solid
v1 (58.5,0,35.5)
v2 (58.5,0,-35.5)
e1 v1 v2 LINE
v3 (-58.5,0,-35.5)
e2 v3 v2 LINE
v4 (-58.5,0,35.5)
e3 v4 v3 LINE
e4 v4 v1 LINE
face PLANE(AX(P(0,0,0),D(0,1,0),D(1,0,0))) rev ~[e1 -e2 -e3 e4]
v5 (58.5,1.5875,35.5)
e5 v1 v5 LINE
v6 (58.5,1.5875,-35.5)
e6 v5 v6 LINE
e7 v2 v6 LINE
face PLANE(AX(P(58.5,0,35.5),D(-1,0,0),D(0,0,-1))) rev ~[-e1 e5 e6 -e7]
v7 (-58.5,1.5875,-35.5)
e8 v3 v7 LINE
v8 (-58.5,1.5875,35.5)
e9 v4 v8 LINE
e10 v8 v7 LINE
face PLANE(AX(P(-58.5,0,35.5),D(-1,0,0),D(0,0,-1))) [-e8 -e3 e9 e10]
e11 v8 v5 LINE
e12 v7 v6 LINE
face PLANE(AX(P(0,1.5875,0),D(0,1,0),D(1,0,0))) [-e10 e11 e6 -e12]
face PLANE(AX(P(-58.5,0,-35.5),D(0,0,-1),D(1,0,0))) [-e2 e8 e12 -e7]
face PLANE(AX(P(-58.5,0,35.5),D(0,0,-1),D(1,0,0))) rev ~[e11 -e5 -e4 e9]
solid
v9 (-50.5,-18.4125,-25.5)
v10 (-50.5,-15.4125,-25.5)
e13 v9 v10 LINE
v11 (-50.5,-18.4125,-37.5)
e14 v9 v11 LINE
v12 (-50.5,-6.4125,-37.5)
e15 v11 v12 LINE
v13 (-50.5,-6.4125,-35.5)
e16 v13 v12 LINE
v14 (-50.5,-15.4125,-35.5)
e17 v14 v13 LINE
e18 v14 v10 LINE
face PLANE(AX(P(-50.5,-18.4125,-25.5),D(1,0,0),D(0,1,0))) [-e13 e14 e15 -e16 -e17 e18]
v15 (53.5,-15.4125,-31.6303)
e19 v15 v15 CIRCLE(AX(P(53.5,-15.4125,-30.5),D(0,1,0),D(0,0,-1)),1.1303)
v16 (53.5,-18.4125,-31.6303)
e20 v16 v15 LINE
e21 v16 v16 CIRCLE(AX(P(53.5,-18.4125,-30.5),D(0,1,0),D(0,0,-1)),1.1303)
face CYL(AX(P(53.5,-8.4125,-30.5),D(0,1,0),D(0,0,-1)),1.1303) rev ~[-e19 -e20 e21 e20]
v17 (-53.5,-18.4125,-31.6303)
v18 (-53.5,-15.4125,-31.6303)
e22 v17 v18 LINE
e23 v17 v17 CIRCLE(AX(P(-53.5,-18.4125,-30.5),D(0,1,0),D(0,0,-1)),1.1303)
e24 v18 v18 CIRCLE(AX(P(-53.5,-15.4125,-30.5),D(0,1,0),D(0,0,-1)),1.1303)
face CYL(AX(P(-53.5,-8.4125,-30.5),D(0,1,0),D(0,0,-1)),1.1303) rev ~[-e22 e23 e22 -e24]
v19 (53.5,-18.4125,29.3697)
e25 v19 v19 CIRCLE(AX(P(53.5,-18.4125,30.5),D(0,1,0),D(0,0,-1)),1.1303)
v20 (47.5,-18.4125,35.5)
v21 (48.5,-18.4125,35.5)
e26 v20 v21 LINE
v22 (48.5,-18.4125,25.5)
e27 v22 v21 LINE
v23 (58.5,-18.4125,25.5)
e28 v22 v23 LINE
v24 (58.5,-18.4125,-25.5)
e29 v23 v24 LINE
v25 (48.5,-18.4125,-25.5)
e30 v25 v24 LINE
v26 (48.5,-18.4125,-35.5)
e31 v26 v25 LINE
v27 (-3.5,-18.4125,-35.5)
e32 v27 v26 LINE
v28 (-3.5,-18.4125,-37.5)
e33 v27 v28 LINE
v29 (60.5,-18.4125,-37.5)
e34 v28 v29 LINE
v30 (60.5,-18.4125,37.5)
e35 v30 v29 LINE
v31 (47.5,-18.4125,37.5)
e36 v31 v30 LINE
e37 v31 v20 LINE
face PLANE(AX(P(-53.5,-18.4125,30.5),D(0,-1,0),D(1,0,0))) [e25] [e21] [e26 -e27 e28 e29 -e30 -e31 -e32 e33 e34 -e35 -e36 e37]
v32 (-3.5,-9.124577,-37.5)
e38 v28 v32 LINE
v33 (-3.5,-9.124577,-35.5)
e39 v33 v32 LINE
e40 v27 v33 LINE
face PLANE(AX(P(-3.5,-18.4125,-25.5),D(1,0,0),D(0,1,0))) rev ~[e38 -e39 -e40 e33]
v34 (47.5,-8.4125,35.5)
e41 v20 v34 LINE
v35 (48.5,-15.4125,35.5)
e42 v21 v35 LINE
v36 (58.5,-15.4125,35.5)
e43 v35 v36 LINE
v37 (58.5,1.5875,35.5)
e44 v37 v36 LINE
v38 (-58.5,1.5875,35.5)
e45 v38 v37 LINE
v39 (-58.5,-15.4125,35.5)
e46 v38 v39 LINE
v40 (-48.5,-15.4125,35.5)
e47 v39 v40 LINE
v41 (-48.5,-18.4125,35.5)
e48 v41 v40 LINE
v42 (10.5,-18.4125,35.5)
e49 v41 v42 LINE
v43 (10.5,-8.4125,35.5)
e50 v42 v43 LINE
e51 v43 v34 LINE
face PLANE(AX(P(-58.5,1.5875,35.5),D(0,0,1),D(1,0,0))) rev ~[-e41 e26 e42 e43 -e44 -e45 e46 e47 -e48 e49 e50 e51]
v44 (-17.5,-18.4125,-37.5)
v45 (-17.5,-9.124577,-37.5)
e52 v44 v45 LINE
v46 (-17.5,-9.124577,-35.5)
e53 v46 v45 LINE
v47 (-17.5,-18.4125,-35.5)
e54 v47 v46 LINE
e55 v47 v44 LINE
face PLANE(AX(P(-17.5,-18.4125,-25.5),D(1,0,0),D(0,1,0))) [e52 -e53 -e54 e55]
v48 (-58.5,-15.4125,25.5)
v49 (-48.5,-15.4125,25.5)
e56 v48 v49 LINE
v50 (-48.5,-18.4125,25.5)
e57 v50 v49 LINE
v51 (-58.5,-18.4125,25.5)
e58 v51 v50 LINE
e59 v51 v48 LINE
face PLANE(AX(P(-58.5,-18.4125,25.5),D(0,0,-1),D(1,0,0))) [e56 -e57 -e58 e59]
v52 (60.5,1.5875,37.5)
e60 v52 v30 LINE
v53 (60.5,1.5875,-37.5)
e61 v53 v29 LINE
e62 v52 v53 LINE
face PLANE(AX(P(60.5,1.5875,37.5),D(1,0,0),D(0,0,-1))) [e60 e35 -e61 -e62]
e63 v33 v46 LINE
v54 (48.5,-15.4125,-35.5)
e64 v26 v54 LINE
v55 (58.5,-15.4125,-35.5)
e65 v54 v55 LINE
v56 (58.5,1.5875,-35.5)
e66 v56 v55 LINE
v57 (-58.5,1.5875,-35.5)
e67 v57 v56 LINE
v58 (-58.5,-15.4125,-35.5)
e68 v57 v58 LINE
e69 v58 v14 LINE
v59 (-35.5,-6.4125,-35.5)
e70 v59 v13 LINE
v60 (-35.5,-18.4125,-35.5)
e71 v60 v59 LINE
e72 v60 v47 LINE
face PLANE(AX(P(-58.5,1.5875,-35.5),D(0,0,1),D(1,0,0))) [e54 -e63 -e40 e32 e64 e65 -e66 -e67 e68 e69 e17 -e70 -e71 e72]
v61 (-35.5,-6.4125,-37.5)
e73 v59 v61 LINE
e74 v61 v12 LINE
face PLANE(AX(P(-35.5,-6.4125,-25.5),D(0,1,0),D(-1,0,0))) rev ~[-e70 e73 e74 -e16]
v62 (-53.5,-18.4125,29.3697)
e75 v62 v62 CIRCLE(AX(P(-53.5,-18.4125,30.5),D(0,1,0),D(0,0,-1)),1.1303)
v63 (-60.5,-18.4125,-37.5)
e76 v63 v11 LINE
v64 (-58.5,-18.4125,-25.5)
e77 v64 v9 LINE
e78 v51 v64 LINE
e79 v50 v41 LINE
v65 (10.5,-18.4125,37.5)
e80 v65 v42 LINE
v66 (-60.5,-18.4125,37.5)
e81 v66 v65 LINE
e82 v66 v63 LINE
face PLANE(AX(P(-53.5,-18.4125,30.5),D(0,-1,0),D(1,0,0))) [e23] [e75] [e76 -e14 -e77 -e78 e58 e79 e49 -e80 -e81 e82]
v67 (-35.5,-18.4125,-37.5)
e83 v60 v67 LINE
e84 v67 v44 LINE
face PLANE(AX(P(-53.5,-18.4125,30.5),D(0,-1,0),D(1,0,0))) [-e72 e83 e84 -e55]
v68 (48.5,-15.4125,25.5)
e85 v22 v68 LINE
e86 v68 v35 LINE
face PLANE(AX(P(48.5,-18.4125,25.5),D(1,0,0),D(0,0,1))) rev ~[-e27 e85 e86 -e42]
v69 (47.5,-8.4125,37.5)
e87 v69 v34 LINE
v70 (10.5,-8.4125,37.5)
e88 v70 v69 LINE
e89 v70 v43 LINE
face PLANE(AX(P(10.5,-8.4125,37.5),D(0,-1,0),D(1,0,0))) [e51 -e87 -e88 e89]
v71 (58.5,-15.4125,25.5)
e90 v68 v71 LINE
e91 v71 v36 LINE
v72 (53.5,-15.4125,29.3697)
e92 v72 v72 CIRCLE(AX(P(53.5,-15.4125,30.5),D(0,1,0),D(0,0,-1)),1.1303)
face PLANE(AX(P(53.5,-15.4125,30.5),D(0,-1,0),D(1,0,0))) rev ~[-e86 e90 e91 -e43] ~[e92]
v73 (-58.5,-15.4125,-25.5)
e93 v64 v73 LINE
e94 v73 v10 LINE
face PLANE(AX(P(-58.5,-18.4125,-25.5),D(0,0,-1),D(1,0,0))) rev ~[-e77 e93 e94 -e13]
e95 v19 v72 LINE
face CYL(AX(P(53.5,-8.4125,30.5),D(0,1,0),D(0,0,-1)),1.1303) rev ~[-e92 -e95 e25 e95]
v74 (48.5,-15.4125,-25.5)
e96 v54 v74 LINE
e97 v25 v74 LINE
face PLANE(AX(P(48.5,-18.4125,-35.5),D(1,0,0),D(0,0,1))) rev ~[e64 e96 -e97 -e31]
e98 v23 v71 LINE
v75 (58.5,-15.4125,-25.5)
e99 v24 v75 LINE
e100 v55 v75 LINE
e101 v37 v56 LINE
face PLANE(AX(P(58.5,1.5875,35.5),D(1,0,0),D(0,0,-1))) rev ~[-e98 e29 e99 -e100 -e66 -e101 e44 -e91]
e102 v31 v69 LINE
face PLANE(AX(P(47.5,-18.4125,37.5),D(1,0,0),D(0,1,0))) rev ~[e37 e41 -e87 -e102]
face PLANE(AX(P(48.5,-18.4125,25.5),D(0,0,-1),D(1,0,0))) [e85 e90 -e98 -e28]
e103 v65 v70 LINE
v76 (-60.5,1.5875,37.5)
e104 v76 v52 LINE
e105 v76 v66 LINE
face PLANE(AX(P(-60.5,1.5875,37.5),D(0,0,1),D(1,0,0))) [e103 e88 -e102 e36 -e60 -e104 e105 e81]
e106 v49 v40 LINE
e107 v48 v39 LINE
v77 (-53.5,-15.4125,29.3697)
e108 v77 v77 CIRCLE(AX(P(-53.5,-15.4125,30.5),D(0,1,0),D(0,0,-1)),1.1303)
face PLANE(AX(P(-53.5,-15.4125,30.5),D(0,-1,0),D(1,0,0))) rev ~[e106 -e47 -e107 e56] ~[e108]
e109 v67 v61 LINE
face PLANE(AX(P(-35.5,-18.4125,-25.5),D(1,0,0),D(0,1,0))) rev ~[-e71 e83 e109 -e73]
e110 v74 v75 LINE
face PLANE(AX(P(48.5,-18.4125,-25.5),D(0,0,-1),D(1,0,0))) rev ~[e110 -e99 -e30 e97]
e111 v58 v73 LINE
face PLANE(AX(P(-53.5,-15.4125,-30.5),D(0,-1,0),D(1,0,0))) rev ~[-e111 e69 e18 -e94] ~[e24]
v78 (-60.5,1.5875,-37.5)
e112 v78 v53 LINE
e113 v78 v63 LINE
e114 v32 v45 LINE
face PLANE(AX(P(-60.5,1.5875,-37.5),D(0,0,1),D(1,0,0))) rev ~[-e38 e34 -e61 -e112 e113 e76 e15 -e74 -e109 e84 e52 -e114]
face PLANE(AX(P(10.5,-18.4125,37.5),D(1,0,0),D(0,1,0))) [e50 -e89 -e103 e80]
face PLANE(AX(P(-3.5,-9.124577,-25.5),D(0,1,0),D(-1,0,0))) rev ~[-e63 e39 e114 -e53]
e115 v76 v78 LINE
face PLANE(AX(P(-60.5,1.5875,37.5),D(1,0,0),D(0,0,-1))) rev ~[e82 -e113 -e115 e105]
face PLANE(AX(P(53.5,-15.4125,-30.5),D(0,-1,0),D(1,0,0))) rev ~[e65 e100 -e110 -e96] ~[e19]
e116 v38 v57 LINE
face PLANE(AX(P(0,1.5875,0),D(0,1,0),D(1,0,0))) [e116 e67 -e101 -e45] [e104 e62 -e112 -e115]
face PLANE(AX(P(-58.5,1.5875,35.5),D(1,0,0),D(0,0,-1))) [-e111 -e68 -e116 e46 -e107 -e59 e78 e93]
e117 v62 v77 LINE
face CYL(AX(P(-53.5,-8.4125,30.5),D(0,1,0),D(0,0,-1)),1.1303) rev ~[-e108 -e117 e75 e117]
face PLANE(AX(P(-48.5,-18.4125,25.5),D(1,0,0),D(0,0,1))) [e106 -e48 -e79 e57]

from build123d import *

# Parameters (mm, degrees)
SKETCH1_W                      = 117
SKETCH1_H                      = 71
TOPSHIELD_DEPTH                = 1.5875
SKETCH4_W                      = 121
SKETCH4_H                      = 75
SKETCH4_W_2                    = 117
SKETCH4_H_2                    = 71
WALLS_DEPTH                    = 20
SKETCH5_W                      = 10
SKETCH5_H                      = 10
MOUNTS_DEPTH                   = 3
SKETCH3_W                      = 1.1303
SKETCH3_H                      = 20
F_4_40_TAPPED_HOLE1_AT_2_COUNT = 2
F_4_40_TAPPED_HOLE1_AT_2_PITCH = 107
F_4_40_TAPPED_HOLE1_AT_3_COUNT = 2
F_4_40_TAPPED_HOLE1_AT_3_PITCH = 123.166553902
F_4_40_TAPPED_HOLE1_AT_4_COUNT = 2
F_4_40_TAPPED_HOLE1_AT_4_PITCH = 61
POWERANDMOTOR_START            = -12
SKETCH6_W                      = 15
SKETCH6_H                      = 12
SKETCH6_W_2                    = 14
SKETCH6_H_2                    = 9.287923088
POWERANDMOTOR_DEPTH            = 12
SKETCH7_W                      = 37
SKETCH7_H                      = 10
CONTROLS_DEPTH                 = 2


with BuildPart() as part:
    # Sketch1 → TopShield (new body)
    with BuildSketch(Plane(origin=(0, 0, 0), x_dir=(1, 0, 0), z_dir=(0, 1, 0))):
        Rectangle(SKETCH1_W, SKETCH1_H)
    extrude(amount=TOPSHIELD_DEPTH)


with BuildPart() as body_2:
    # Sketch4 → Walls (new body)
    with BuildSketch(Plane(origin=(0, 1.5875, 0), x_dir=(1, 0, 0), z_dir=(0, 1, 0))):
        Rectangle(SKETCH4_W, SKETCH4_H)
        Rectangle(SKETCH4_W_2, SKETCH4_H_2, mode=Mode.SUBTRACT)
    extrude(amount=-WALLS_DEPTH)

    # Sketch5 → Mounts (add)
    with BuildSketch(Plane.XZ.offset(18.4125)):
        with Locations((-53.5, 30.5)):
            Rectangle(SKETCH5_W, SKETCH5_H)
        with Locations((53.5, 30.5)):
            Rectangle(SKETCH5_W, SKETCH5_H)
        with Locations((53.5, -30.5)):
            Rectangle(SKETCH5_W, SKETCH5_H)
        with Locations((-53.5, -30.5)):
            Rectangle(SKETCH5_W, SKETCH5_H)
    extrude(amount=-MOUNTS_DEPTH)

    # Sketch3 → #4-40 Tapped Hole1 (revolve, cut)
    with BuildSketch(Plane(origin=(-53.5, -18.4125, -30.5), x_dir=(0, 0, -1), z_dir=(1, 0, 0))):
        with Locations((0.56515, 10)):
            Rectangle(SKETCH3_W, SKETCH3_H)
    f_4_40_tapped_hole1 = revolve(axis=Axis((-53.5, -24.7625, -30.5), (0, 1, 0)), mode=Mode.SUBTRACT)

    # #4-40 Tapped Hole1 at 2: #4-40 Tapped Hole1 ×2
    with Locations(*[(i * F_4_40_TAPPED_HOLE1_AT_2_PITCH, 0, 0) for i in range(1, F_4_40_TAPPED_HOLE1_AT_2_COUNT)]):
        add(f_4_40_tapped_hole1, mode=Mode.SUBTRACT)

    # #4-40 Tapped Hole1 at 3: #4-40 Tapped Hole1 ×2
    with Locations(*[Vector(0.8687423380008604, 0, 0.49526432353320055) * (i * F_4_40_TAPPED_HOLE1_AT_3_PITCH) for i in range(1, F_4_40_TAPPED_HOLE1_AT_3_COUNT)]):
        add(f_4_40_tapped_hole1, mode=Mode.SUBTRACT)

    # #4-40 Tapped Hole1 at 4: #4-40 Tapped Hole1 ×2
    with Locations(*[(0, 0, i * F_4_40_TAPPED_HOLE1_AT_4_PITCH) for i in range(1, F_4_40_TAPPED_HOLE1_AT_4_COUNT)]):
        add(f_4_40_tapped_hole1, mode=Mode.SUBTRACT)

    # Sketch6 → PowerAndMotor (cut)
    with BuildSketch(Plane(origin=(0, 0, -37.5), x_dir=(-1, 0, 0), z_dir=(0, 0, -1)).offset(POWERANDMOTOR_START)):
        with Locations((43, -12.4125)):
            Rectangle(SKETCH6_W, SKETCH6_H)
        with Locations((10.5, -13.768538456)):
            Rectangle(SKETCH6_W_2, SKETCH6_H_2)
    extrude(amount=POWERANDMOTOR_DEPTH, mode=Mode.SUBTRACT)

    # Sketch7 → Controls (cut)
    with BuildSketch(Plane.XY.offset(37.5)):
        with Locations((29, -13.4125)):
            Rectangle(SKETCH7_W, SKETCH7_H)
    extrude(amount=-CONTROLS_DEPTH, mode=Mode.SUBTRACT)


solid = Compound([part.part, body_2.part])
